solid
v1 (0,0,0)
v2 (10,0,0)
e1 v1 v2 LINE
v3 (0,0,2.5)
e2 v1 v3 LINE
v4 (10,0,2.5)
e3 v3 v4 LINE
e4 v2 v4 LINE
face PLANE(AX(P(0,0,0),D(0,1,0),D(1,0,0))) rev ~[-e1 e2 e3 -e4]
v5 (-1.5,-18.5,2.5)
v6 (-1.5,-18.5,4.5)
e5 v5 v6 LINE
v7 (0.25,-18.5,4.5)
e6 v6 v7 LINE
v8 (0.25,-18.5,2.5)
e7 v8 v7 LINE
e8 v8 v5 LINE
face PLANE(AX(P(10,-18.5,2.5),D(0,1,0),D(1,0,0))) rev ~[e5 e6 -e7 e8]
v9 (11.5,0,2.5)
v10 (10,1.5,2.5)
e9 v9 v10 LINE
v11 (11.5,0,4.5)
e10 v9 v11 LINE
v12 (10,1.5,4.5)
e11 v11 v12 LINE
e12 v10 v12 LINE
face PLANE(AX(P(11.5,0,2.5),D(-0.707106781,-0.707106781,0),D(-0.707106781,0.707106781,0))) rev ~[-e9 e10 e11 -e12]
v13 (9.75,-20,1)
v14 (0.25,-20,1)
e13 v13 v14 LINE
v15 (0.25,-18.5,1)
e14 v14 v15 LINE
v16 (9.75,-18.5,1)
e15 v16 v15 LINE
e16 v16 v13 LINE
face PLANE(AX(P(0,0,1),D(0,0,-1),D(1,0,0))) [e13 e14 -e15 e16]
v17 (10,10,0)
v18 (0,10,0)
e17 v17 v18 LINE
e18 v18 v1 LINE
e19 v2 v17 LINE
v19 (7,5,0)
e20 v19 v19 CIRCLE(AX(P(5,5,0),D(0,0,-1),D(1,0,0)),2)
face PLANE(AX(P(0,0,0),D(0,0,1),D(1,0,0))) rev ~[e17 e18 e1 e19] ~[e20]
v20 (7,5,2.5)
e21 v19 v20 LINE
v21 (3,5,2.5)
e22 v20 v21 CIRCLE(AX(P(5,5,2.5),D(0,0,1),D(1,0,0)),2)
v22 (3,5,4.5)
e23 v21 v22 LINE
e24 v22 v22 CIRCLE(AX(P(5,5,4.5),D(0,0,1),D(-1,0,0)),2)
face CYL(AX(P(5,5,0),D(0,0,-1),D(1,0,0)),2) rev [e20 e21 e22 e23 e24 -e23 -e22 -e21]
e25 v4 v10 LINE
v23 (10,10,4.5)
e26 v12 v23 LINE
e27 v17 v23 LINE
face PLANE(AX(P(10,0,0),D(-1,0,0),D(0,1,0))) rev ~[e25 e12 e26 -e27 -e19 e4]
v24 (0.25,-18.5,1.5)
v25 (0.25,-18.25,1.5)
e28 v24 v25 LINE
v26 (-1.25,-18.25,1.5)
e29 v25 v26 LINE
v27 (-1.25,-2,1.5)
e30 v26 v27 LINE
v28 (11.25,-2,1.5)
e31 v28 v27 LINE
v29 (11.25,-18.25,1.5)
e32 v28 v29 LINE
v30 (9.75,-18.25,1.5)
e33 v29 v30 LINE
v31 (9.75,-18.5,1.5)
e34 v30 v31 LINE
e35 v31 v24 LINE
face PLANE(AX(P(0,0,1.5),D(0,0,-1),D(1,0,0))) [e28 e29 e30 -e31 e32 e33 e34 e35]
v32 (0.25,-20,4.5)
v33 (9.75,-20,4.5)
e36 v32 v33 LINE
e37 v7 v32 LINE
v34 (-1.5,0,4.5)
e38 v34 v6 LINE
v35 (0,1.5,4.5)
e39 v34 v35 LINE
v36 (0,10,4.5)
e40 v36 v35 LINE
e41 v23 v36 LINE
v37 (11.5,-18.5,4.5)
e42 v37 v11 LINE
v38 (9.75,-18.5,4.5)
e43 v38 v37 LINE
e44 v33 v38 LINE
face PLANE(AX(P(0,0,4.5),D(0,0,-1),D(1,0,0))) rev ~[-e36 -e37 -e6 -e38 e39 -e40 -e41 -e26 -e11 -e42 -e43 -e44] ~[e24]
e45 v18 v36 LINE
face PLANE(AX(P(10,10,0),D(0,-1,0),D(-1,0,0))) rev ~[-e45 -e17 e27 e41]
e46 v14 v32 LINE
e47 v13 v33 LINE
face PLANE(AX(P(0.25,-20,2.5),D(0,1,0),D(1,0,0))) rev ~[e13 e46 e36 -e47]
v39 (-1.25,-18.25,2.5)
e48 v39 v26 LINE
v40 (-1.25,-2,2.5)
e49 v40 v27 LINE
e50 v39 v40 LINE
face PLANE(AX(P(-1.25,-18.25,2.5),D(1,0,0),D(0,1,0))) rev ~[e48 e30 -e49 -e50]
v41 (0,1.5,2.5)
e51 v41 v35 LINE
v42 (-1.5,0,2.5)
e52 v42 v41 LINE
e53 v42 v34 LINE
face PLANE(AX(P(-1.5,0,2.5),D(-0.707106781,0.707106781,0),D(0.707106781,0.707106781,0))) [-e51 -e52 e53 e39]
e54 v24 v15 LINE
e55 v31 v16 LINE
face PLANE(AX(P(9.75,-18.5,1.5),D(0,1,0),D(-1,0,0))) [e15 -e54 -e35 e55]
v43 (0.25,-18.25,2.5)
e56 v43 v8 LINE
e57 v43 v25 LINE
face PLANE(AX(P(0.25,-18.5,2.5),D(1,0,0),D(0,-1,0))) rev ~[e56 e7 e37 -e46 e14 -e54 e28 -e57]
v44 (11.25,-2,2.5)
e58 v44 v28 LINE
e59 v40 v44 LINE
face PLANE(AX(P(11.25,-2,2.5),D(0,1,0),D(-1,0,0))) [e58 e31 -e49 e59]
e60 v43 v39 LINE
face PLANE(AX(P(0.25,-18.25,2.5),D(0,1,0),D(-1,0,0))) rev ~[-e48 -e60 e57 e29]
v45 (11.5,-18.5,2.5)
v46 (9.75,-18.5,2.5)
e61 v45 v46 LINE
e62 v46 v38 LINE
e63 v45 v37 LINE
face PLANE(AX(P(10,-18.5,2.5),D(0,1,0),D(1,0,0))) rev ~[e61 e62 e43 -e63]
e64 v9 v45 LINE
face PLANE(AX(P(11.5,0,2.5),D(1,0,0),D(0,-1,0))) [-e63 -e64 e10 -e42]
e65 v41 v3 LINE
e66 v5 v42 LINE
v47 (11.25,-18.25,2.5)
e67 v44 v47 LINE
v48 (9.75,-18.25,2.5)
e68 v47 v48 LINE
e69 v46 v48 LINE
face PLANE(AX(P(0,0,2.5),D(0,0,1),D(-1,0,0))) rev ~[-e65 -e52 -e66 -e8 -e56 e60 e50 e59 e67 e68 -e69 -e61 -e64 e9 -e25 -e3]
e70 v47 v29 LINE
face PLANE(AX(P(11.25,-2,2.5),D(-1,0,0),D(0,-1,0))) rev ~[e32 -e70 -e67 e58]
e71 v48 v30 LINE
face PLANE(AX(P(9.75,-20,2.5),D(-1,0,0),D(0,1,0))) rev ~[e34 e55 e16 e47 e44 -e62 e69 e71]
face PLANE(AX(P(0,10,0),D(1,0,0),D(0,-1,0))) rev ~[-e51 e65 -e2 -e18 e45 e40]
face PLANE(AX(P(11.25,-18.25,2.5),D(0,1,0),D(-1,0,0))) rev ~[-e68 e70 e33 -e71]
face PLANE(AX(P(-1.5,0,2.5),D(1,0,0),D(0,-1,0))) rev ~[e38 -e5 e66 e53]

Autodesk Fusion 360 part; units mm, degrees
sketch "Sketch1" plane through (0, 0, 0) normal (0, 0, 1) x (1, 0, 0)
  line L0 (0, 0) -> (10, 0)
  line L1 (10, 0) -> (10, 10)
  line L2 (10, 10) -> (0, 10)
  line L3 (0, 10) -> (0, 0)
  line L4 (0, 10) -> (10, 0)
  line L5 (0, 0) -> (10, 10)
  circle A0 centre (5, 5) radius 2
  dimension "d1" = 10
  dimension "d2" = 10
  dimension "d3" = 4
extrude "Extrude1" add sketch "Sketch1" along normal blind 2.5 contours L0 L4 L5 A0 | L3 L4 L5 A0 | L1 L4 L5 A0 | L2 L4 L5 A0
sketch "Sketch2" plane through (0, 0, 2.5) normal (0, 0, 1) x (-1, 0, 0)
  circle A0 centre (-5, -5) radius 2
  line L0 (0, -10) -> (0, 0)
  line L1 (0, 0) -> (-10, 0)
  line L2 (-10, 0) -> (-10, -10)
  line L3 (-10, -10) -> (0, -10)
  line L4 (0, 0) -> (-10, 0)
  line L5 (-10, 0) -> (-10, 2)
  line L6 (-10, 2) -> (0, 2)
  line L7 (0, 2) -> (0, 0)
  line L8 (0, 0) -> (-10, 0)
  line L9 (-10, 0) -> (-10, 1.5)
  line L10 (-10, 1.5) -> (0, 1.5)
  line L11 (0, 1.5) -> (0, 0)
  line L12 (-5, 0) -> (3, 0)
  line L13 (3, 0) -> (3, 1.5)
  line L14 (3, 1.5) -> (-5, 1.5)
  line L15 (-5, 1.5) -> (-5, 0)
  line L16 (-5, 0) -> (-13, 0)
  line L17 (-13, 0) -> (-13, 1.5)
  line L18 (-13, 1.5) -> (-5, 1.5)
  line L19 (-5, 1.5) -> (-5, 0)
  line L20 (3, 0) -> (1.5, 0)
  line L21 (1.5, 0) -> (1.5, 1.5)
  line L22 (1.5, 1.5) -> (3, 1.5)
  line L23 (3, 1.5) -> (3, 0)
  line L24 (3, 0) -> (1.5, 0)
  line L25 (1.5, 0) -> (1.5, 20)
  line L26 (1.5, 20) -> (3, 20)
  line L27 (3, 20) -> (3, 0)
  line L28 (-13, 0) -> (-11.5, 0)
  line L29 (-11.5, 0) -> (-11.5, 20)
  line L30 (-11.5, 20) -> (-13, 20)
  line L31 (-13, 20) -> (-13, 0)
  line L32 (1.5, 20) -> (0, 20)
  line L33 (0, 20) -> (0, 18.5)
  line L34 (0, 18.5) -> (1.5, 18.5)
  line L35 (1.5, 18.5) -> (1.5, 20)
  line L36 (-11.5, 20) -> (-10, 20)
  line L37 (-10, 20) -> (-10, 18.5)
  line L38 (-10, 18.5) -> (-11.5, 18.5)
  line L39 (-11.5, 18.5) -> (-11.5, 20)
  line L40 (1.5, 2) -> (-11.5, 2)
  line L41 (-11.5, 2) -> (-11.5, 18.5)
  line L42 (-11.5, 18.5) -> (1.5, 18.5)
  line L43 (1.5, 18.5) -> (1.5, 2)
  line L44 (1.5, 0) -> (0, -1.5)
  line L45 (1.5, 0) -> (3.6213, 0) construction
  line L46 (-11.5, 0) -> (-10, -1.5)
  dimension "d6" = 2
  dimension "d7" = 1.5
  dimension "d8" = 8
  dimension "d9" = 20
  dimension "d10" = 1.5
  dimension "d11" = 20
  dimension "d12" = 1.5
  dimension "d13" = 1.5
  dimension "d14" = 1.5
  dimension "d15" = 1.5
  dimension "d16" = 135
  dimension "d17" = 90
extrude "Extrude2" add sketch "Sketch2" along normal blind 2 contours L0 L1 L2 L3 L4 L8 L12 L16 | L0 L12 L44 | L1 L4 L7 L8 L10 L11 L12 L14 L15 L19 | L7 L11 L12 L14 L21 L25 | L2 L16 L46 | L1 L4 L5 L8 L9 L10 L15 L16 L18 L19 | L5 L6 L7 L10 L14 L18 L40 | L7 L14 L25 L40 | L5 L9 L16 L18 L29 | L6 L25 L29 L34 L38 L40 L41 L42 L43 | L5 L18 L29 L40
sketch "Sketch3" plane through (0, 0, 2.5) normal (0, 0, -1) x (1, 0, 0)
  line L0 (10, 0) -> (10, -1.5)
  line L1 (10, -1.5) -> (11.5, 0)
  line L2 (11.5, 0) -> (11.5, 18.5)
  line L3 (11.5, 18.5) -> (-1.5, 18.5)
  line L4 (-1.5, 18.5) -> (-1.5, 0)
  line L5 (-1.5, 0) -> (0, -1.5)
  line L6 (0, -1.5) -> (0, 0)
  line L7 (0, 0) -> (10, 0)
  line L8 (-1.5, 0) -> (11.5, 0)
  line L9 (11.5, 0) -> (11.5, -1.5)
  line L10 (11.5, -1.5) -> (-1.5, -1.5)
  line L11 (-1.5, -1.5) -> (-1.5, 0)
  line L12 (-1.5, 0) -> (11.5, 0)
  line L13 (11.5, 0) -> (11.5, 2)
  line L14 (11.5, 2) -> (-1.5, 2)
  line L15 (-1.5, 2) -> (-1.5, 0)
  line L16 (-1.5, 18.5) -> (-1, 18.5)
  line L17 (-1, 2) -> (-1.5, 2)
  line L18 (-1.5, 2) -> (-1.5, 18.5)
  line L19 (11.5, 18.5) -> (11, 18.5)
  line L20 (11, 2) -> (11.5, 2)
  line L21 (11.5, 2) -> (11.5, 18.5)
  line L22 (-1.5, 18.5) -> (0, 18.5)
  line L23 (0, 18.5) -> (0, 20)
  line L24 (0, 20) -> (-1.5, 20)
  line L25 (-1.5, 20) -> (-1.5, 18.5)
  line L26 (11.5, 18.5) -> (10, 18.5)
  line L27 (10, 18.5) -> (10, 20)
  line L28 (10, 20) -> (11.5, 20)
  line L29 (11.5, 20) -> (11.5, 18.5)
  line L30 (10, 20) -> (9.75, 20)
  line L31 (9.75, 20) -> (9.75, 18.5)
  line L32 (9.75, 18.5) -> (10, 18.5)
  line L33 (10, 18.5) -> (10, 20)
  line L34 (0, 20) -> (0.25, 20)
  line L35 (0.25, 20) -> (0.25, 18.5)
  line L36 (0.25, 18.5) -> (0, 18.5)
  line L37 (0, 18.5) -> (0, 20)
  line L38 (-1.5, 20) -> (-1.25, 20)
  line L39 (-1.25, 20) -> (-1.25, 2)
  line L40 (-1.25, 2) -> (-1.5, 2)
  line L41 (-1.5, 2) -> (-1.5, 20)
  line L42 (11.5, 2) -> (11.25, 2)
  line L43 (11.25, 2) -> (11.25, 18.5)
  line L44 (11.25, 18.5) -> (11.5, 18.5)
  line L45 (11.5, 18.5) -> (11.5, 2)
  line L46 (-1.5, 18.5) -> (0.25, 18.5)
  line L47 (0.25, 18.5) -> (0.25, 18.25)
  line L48 (0.25, 18.25) -> (-1.5, 18.25)
  line L49 (-1.5, 18.25) -> (-1.5, 18.5)
  line L50 (9.75, 18.5) -> (11.25, 18.5)
  line L51 (11.25, 18.5) -> (11.25, 18.25)
  line L52 (11.25, 18.25) -> (9.75, 18.25)
  line L53 (9.75, 18.25) -> (9.75, 18.5)
  line L54 (0.25, 20) -> (9.75, 20)
  line L55 (9.75, 20) -> (9.75, 18.5)
  line L56 (9.75, 18.5) -> (0.25, 18.5)
  line L57 (0.25, 18.5) -> (0.25, 20)
  dimension "d20" = 13
  dimension "d21" = 2
  dimension "d22" = 0.5
  dimension "d23" = 0.5
  dimension "d24" = 1.5
  dimension "d25" = 1.5
  dimension "d26" = 1.5
  dimension "d27" = 1.5
  dimension "d28" = 0.25
  dimension "d29" = 0.25
  dimension "d30" = 0.25
  dimension "d31" = 0.25
  dimension "d32" = 0.25
  dimension "d33" = 0.25
extrude "Extrude3" add sketch "Sketch3" along normal blind 1 contours L3 L14 L17 L20 L39 L43 L47 L48 L52 L53 L56 | L3 L31 L35 L54 L55 L56 L57
sketch "Sketch4" plane through (0, 0, 1.5) normal (0, 0, -1) x (1, 0, 0)
  line L0 (0.25, 18.25) -> (-1.25, 18.25)
  line L1 (-1.25, 18.25) -> (-1.25, 2)
  line L2 (-1.25, 2) -> (11.25, 2)
  line L3 (11.25, 2) -> (11.25, 18.25)
  line L4 (11.25, 18.25) -> (9.75, 18.25)
  line L5 (9.75, 18.25) -> (9.75, 20)
  line L6 (9.75, 20) -> (0.25, 20)
  line L7 (0.25, 20) -> (0.25, 18.25)
  line L8 (0.25, 20) -> (9.75, 20)
  line L9 (9.75, 20) -> (9.75, 18.5)
  line L10 (9.75, 18.5) -> (0.25, 18.5)
  line L11 (0.25, 18.5) -> (0.25, 20)
  dimension "d36" = 1.5
extrude "Extrude4" add sketch "Sketch4" along normal blind 0.5 contours L5 L6 L7 L8 L9 L10 L11
extrude "Extrude5" add 1 faces at (3.4167, -19, 2.5) along direction (0, 0, 1) blind 2
